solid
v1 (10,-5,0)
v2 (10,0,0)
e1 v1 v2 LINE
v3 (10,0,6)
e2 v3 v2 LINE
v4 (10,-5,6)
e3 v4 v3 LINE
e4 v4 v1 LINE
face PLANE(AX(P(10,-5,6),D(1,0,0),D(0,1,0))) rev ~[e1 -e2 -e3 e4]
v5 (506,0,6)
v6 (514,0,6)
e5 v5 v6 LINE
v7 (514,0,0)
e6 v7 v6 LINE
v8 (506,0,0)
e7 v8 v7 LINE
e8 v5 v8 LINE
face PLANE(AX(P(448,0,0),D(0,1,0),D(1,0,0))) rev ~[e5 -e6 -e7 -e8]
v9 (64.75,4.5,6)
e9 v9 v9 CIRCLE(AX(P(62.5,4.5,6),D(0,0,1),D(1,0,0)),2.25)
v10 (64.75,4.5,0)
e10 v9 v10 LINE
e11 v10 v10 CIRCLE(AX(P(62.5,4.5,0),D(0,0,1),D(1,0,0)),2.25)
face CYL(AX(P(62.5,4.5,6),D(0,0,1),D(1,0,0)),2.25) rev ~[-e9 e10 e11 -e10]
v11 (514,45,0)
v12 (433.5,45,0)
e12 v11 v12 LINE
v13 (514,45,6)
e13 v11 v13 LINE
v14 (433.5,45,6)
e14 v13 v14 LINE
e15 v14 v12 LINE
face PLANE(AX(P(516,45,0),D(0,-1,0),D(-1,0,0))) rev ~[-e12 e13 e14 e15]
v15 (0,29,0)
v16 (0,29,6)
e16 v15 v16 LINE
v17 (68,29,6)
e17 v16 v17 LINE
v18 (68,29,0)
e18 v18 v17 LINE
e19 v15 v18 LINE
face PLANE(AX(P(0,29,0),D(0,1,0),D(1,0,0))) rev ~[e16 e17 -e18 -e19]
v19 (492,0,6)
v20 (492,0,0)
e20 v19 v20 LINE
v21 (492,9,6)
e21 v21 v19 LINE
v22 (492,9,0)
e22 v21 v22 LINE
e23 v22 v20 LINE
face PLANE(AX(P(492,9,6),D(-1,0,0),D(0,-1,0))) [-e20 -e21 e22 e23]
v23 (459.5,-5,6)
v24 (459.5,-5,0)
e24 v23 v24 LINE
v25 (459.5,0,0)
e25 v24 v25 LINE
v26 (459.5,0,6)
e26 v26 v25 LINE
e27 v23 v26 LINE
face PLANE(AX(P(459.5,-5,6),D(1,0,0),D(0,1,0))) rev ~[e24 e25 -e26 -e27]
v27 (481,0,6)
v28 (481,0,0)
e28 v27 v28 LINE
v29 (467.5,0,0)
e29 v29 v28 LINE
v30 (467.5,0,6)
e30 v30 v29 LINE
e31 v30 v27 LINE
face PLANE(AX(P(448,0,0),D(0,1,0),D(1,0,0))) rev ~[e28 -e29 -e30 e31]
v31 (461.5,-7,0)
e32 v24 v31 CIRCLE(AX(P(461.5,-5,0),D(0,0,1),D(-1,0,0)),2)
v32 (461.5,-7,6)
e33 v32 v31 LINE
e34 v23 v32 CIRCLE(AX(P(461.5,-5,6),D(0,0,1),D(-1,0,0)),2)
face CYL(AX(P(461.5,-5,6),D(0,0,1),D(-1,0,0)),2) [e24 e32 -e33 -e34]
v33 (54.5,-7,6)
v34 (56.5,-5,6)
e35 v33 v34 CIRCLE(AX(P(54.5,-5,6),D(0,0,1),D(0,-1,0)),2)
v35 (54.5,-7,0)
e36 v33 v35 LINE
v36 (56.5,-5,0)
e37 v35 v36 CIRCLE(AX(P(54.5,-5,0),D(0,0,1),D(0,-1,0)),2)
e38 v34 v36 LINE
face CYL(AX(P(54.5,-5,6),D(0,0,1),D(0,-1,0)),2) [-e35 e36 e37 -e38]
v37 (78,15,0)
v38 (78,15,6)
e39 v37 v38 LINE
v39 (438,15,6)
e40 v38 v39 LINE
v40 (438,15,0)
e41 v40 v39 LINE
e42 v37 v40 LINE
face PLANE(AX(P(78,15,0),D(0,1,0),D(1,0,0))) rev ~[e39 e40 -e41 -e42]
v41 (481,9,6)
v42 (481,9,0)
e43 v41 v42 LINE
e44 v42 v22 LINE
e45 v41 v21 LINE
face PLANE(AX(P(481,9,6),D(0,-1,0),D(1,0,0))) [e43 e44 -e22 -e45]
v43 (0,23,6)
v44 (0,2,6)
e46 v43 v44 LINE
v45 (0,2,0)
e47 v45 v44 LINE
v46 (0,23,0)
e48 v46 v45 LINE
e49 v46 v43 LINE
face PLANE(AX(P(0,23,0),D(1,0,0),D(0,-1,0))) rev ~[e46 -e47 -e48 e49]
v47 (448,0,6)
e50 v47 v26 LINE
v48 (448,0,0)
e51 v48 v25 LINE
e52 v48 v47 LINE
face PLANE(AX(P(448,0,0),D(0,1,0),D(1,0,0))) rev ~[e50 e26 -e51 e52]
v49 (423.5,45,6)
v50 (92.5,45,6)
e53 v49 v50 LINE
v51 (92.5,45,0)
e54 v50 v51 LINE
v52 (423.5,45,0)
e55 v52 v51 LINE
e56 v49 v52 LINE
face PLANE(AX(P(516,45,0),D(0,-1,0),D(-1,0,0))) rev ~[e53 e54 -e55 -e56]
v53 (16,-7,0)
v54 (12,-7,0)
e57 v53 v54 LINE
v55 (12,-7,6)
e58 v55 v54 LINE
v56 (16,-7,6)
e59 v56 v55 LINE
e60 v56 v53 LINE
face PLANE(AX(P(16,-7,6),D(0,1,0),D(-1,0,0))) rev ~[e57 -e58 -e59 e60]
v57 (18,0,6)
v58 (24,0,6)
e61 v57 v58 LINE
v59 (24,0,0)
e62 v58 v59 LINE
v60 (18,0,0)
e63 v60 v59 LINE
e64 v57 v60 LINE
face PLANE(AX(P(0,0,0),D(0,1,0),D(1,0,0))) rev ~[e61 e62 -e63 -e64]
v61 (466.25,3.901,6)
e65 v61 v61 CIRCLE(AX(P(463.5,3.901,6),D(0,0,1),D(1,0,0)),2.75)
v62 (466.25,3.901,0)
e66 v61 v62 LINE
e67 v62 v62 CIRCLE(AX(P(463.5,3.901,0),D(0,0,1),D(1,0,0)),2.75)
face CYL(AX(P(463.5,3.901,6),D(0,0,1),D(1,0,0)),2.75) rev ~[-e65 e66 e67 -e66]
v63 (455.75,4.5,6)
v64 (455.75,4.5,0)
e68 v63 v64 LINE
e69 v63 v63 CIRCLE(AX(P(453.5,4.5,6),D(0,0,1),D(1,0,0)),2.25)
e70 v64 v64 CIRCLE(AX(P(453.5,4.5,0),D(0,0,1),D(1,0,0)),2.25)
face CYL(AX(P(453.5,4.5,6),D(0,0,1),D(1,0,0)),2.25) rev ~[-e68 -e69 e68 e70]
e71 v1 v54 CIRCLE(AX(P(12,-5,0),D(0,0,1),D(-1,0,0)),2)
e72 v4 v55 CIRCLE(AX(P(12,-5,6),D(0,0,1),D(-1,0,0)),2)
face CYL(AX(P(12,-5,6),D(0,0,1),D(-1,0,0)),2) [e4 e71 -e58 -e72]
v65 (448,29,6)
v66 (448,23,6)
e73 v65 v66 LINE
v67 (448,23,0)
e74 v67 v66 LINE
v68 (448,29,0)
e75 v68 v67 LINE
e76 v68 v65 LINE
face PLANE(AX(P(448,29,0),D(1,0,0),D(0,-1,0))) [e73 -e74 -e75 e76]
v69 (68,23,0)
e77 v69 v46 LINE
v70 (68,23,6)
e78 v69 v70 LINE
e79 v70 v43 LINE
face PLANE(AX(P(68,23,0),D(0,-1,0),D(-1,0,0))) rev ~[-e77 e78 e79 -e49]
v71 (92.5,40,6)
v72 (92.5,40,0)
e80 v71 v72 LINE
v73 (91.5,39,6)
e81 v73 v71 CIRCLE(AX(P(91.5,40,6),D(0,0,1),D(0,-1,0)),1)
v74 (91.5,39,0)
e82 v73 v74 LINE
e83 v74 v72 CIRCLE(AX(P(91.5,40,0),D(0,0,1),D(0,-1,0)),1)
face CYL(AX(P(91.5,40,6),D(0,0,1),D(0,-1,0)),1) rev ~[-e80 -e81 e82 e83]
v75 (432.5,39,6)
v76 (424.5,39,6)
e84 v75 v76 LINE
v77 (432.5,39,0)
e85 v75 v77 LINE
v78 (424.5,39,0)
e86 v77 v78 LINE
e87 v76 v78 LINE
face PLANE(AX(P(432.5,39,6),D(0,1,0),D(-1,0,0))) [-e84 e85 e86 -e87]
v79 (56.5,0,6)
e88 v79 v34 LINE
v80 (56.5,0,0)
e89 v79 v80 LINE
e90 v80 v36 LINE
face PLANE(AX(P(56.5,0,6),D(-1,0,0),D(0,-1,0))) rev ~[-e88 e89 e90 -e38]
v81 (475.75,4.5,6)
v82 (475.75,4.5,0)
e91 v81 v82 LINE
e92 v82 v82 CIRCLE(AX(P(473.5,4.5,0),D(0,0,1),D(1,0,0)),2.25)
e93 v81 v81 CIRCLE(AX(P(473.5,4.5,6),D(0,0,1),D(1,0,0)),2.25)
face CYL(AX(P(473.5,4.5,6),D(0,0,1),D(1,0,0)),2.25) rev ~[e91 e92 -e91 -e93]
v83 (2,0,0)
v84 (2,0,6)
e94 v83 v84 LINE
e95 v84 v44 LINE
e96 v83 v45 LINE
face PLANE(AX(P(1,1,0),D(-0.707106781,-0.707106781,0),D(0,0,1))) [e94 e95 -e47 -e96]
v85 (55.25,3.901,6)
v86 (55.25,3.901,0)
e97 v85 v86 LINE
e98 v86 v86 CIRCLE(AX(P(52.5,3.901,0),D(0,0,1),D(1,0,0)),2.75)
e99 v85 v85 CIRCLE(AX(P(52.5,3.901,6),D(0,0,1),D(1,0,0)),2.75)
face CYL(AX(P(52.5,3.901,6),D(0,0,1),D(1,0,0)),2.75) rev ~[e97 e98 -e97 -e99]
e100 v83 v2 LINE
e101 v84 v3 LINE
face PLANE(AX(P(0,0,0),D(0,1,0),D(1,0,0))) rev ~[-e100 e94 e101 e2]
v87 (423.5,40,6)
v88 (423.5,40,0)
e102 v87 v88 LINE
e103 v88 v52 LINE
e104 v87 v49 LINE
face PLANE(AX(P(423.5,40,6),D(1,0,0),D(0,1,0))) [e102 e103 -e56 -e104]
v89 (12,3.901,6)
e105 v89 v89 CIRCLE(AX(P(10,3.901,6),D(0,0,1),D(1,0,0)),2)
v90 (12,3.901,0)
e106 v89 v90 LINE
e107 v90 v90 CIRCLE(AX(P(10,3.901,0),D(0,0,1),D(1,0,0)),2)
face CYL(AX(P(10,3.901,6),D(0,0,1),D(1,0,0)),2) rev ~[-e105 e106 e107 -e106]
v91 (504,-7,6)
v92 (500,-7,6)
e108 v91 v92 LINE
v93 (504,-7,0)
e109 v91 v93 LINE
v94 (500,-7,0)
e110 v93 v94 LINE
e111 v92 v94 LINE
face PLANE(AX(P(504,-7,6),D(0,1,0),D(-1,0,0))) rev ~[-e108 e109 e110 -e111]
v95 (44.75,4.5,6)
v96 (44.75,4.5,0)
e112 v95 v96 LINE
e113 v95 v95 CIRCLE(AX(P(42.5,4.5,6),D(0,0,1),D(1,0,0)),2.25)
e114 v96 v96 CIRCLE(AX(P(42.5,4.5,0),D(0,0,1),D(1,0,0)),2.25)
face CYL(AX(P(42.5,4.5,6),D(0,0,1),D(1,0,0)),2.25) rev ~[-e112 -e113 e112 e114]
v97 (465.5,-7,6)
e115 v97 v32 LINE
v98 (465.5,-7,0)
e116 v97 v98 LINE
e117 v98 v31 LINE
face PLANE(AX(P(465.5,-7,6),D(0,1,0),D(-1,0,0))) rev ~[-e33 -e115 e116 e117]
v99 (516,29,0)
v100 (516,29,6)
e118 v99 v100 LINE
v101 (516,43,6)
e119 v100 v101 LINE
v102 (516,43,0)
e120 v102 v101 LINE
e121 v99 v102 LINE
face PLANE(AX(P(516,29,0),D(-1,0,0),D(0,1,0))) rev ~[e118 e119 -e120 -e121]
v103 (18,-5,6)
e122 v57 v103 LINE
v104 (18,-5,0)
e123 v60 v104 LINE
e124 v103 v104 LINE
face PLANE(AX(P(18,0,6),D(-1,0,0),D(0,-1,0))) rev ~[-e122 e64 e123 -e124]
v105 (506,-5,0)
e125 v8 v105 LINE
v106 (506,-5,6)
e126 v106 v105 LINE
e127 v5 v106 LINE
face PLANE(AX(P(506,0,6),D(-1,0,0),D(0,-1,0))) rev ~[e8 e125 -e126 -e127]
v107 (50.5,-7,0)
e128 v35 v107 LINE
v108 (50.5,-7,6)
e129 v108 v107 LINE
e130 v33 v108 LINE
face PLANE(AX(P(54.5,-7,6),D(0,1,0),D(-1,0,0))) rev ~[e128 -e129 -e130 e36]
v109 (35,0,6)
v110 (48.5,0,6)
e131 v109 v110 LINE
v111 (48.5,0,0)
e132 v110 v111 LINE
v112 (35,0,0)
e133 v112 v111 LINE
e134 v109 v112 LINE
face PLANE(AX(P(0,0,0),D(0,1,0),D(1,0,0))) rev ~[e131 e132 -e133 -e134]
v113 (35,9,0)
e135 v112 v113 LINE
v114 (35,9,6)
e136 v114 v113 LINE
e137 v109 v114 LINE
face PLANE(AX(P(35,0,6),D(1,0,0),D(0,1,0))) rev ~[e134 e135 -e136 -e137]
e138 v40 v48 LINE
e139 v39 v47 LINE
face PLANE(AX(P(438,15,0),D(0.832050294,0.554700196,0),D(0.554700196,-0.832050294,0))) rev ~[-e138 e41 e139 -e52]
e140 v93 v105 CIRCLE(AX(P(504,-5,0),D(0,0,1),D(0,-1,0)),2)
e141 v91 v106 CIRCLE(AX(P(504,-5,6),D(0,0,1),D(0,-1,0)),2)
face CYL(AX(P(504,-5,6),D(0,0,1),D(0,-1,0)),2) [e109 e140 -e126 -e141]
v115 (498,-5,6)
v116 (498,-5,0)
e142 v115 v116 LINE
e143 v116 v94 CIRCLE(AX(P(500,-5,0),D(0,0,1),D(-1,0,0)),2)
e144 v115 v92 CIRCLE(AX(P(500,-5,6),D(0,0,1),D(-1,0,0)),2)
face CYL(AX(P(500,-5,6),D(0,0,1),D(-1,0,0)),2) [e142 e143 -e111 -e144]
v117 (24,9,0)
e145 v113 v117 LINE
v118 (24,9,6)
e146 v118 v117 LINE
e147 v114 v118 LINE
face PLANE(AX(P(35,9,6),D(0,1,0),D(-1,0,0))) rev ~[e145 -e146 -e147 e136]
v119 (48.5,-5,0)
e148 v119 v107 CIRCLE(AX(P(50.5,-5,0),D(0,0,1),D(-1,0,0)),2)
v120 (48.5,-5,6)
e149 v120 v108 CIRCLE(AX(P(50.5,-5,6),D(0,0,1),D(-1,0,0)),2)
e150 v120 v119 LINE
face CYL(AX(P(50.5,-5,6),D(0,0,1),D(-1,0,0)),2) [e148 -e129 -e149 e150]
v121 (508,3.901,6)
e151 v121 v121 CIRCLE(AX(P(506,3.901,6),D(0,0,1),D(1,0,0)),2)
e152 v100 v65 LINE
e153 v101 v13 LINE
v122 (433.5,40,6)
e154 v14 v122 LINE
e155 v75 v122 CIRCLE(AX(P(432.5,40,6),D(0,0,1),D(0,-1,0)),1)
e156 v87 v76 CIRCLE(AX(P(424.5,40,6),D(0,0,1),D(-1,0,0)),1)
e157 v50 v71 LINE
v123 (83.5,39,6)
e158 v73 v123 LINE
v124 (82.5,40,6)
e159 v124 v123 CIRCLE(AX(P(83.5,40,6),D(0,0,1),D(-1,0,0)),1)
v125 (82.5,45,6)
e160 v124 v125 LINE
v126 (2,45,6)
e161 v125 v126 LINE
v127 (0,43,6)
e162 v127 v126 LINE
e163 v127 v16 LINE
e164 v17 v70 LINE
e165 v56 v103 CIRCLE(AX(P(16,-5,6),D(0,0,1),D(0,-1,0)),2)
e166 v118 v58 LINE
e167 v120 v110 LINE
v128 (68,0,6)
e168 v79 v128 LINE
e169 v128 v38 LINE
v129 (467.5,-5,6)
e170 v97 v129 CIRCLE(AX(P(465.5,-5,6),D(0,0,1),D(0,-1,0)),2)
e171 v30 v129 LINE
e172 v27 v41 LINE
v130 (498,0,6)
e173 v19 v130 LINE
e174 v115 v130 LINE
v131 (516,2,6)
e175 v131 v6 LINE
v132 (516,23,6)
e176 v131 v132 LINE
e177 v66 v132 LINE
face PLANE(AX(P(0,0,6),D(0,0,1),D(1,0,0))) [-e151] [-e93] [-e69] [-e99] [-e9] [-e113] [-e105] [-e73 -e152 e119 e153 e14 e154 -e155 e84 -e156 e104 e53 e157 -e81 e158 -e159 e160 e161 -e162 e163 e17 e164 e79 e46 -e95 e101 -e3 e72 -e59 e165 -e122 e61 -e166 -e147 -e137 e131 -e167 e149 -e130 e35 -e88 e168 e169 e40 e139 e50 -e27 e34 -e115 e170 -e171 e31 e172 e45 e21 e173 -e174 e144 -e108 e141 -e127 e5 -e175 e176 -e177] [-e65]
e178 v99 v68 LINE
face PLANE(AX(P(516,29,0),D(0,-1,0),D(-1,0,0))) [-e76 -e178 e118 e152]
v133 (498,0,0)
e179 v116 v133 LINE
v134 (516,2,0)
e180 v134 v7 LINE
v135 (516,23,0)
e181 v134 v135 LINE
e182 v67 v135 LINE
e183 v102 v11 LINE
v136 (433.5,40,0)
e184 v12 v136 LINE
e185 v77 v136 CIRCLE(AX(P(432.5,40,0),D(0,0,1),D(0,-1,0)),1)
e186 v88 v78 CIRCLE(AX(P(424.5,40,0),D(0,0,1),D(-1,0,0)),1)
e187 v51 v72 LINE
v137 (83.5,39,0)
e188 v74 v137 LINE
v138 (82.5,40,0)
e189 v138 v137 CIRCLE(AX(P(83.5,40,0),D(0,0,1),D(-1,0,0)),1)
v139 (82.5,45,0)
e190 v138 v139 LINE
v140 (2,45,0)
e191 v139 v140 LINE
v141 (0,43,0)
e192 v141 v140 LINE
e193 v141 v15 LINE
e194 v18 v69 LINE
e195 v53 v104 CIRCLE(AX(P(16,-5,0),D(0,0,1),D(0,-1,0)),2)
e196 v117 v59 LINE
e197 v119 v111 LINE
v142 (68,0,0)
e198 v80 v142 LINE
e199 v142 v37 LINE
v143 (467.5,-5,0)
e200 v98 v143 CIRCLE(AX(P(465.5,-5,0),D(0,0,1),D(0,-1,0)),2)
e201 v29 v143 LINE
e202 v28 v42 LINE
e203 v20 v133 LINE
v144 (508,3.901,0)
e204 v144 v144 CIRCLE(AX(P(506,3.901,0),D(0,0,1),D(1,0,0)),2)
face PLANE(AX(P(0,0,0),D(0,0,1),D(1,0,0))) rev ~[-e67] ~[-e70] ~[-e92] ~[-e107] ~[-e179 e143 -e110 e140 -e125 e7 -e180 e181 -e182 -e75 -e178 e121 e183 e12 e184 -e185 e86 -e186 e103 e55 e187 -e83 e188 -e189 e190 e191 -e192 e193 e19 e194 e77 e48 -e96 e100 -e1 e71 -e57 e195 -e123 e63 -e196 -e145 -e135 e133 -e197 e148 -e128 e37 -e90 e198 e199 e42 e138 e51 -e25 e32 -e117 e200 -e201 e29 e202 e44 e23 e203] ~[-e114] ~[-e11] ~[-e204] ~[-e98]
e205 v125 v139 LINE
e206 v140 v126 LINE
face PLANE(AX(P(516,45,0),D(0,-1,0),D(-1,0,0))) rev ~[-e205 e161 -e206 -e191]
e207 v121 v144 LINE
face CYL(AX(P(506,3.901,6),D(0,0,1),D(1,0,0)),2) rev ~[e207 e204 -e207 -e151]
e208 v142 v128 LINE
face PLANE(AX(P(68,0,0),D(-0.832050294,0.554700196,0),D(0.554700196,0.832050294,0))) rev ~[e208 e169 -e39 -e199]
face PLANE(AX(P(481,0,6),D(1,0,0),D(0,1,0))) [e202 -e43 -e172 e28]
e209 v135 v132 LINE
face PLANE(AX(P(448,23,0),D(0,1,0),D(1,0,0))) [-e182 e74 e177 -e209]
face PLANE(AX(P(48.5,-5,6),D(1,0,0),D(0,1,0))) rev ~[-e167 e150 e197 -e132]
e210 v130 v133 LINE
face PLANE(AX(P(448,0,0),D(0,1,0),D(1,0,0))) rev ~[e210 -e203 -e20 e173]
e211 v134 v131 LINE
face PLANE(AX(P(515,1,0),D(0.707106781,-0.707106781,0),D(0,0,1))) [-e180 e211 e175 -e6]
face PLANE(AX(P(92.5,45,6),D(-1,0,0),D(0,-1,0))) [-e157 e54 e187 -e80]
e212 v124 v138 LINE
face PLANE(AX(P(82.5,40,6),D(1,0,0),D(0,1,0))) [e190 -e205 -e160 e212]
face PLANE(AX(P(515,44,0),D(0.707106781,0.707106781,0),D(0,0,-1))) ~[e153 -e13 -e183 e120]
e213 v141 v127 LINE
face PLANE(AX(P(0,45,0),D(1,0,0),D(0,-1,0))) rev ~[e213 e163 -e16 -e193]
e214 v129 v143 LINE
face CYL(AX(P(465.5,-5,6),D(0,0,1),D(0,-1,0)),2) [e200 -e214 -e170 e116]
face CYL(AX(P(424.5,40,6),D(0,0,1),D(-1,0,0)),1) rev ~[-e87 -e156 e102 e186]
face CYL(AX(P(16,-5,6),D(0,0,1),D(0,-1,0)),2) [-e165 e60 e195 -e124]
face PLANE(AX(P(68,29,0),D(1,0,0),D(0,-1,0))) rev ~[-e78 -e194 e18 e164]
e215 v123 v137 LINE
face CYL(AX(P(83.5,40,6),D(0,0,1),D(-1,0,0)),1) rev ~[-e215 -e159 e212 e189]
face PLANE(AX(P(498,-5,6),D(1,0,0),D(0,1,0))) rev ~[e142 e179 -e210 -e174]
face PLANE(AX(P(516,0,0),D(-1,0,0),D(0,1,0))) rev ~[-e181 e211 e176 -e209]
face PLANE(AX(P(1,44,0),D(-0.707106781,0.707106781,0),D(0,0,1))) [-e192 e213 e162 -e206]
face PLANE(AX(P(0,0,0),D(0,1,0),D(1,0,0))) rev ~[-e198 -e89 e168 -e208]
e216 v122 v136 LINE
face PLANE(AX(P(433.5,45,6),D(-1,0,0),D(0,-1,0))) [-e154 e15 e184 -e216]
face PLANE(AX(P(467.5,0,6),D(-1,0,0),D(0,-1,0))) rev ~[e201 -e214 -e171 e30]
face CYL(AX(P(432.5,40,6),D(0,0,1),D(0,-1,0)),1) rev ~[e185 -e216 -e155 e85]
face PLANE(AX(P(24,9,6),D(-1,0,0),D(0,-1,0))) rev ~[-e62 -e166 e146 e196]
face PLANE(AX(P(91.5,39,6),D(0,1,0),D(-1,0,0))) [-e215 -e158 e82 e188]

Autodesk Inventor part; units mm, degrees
ref_plane "YZ Plane" through (0, 0, 0) normal (1, 0, 0) x (0, 1, 0)
ref_plane "XZ Plane" through (0, 0, 0) normal (0, 1, 0) x (-1, 0, 0)
ref_plane "XY Plane" through (0, 0, 0) normal (0, 0, 1) x (1, 0, 0)
sketch "Sketch1" plane through (0, 0, 0) normal (0, 0, 1) x (1, 0, 0)
  line L0 (516, 45) -> (0, 45)
  line L1 (68, 0) -> (78, 15)
  line L2 (78, 15) -> (438, 15)
  line L3 (438, 15) -> (448, 0)
  line L4 (0, 0) -> (68, 0)
  line L5 (448, 0) -> (516, 0)
  line L6 (0, 29) -> (68, 29)
  line L7 (68, 29) -> (68, 23)
  line L8 (68, 23) -> (0, 23)
  line L9 (0, 45) -> (0, 29)
  line L10 (0, 23) -> (0, 0)
  line L11 (516, 29) -> (448, 29)
  line L12 (448, 29) -> (448, 23)
  line L13 (448, 23) -> (516, 23)
  line L14 (516, 0) -> (516, 23)
  line L15 (516, 29) -> (516, 45)
  dimension "d3" = 6
  dimension "d4" = 68
  dimension "d5" = 68
  dimension "d6" = 516
  dimension "d7" = 15
  dimension "d8" = 23
  dimension "d9" = 16
  dimension "d12" = 10
  dimension "d13" = 10
  dimension "d14" = 10
  dimension "d15" = 10
extrude "Extrusion1" add sketch "Sketch1" along normal blind 6
sketch "Sketch2" plane through (0, 0, 6) normal (0, 0, 1) x (1, 0, 0)
  line L0 (0, 0) -> (68, 0) projected
  line L1 (448, 0) -> (516, 0) projected
  line L2 (516, 0) -> (516, 23) projected
  line L3 (516, 29) -> (516, 45) projected
  line L4 (516, 45) -> (0, 45) projected
  line L5 (0, 45) -> (0, 29) projected
  line L6 (0, 23) -> (0, 0) projected
  line L7 (24, 0) -> (35, 0)
  line L8 (35, 0) -> (35, 9)
  line L9 (35, 9) -> (24, 9)
  line L10 (24, 9) -> (24, 0)
  circle A0 centre (42.5, 4.5) radius 2.25
  circle A1 centre (52.5, 3.901) radius 2.75
  circle A2 centre (62.5, 4.5) radius 2.25
  line L11 (492, 0) -> (481, 0)
  line L12 (481, 0) -> (481, 9)
  line L13 (481, 9) -> (492, 9)
  line L14 (492, 9) -> (492, 0)
  circle A3 centre (453.5, 4.5) radius 2.25
  circle A4 centre (463.5, 3.901) radius 2.75
  circle A5 centre (473.5, 4.5) radius 2.25
  line L15 (82.5, 45) -> (92.5, 45)
  line L16 (92.5, 45) -> (92.5, 40)
  line L17 (91.5, 39) -> (83.5, 39)
  line L18 (82.5, 40) -> (82.5, 45)
  line L19 (423.5, 45) -> (433.5, 45)
  line L20 (433.5, 45) -> (433.5, 40)
  line L21 (432.5, 39) -> (424.5, 39)
  line L22 (423.5, 40) -> (423.5, 45)
  arc A6 (82.5, 40) -> (83.5, 39) centre (83.5, 40) ccw
  arc A7 (91.5, 39) -> (92.5, 40) centre (91.5, 40) ccw
  arc A8 (423.5, 40) -> (424.5, 39) centre (424.5, 40) ccw
  arc A9 (432.5, 39) -> (433.5, 40) centre (432.5, 40) ccw
  circle A10 centre (29.5, 3.901) radius 7.5 construction
  point P0 (486.5, 9)
  point P1 (35, 4.5)
  point P2 (87.5, 39)
  point P3 (428.5, 39)
  dimension "d16" = 11
  dimension "d18" = 4.5
  dimension "d19" = 5.5
  dimension "d20" = 11
  dimension "d21" = 1
  dimension "d22" = 10
  dimension "d23" = 10
  dimension "d24" = 6
  dimension "d27" = 24
  dimension "d29" = 23
  dimension "d30" = 24
  dimension "d31" = 10
  dimension "d32" = 10
  dimension "d33" = 10
  dimension "d34" = 10
  dimension "d35" = 9
  dimension "d38" = 15
  dimension "d39" = 23
  dimension "d49" = 87.5
  dimension "d50" = 87.5
extrude "Extrusion2" cut sketch "Sketch2" against normal blind 6
chamfer "Chamfer1" distance 2 angle 45 4 edges at (0, 45, 3) (0, 0, 3) (516, 45, 3) (516, 0, 3)
sketch "Sketch3" plane through (0, 0, 6) normal (0, 0, 1) x (1, 0, 0)
  line L0 (516, 2) -> (516, 23) projected
  line L1 (0, 23) -> (0, 2) projected
  circle A0 centre (52.5, 3.901) radius 2.75 projected
  circle A1 centre (10, 3.901) radius 2
  circle A2 centre (506, 3.901) radius 2
  point P0 (0, 0)
  dimension "d43" = 4
  dimension "d44" = 10
  dimension "d45" = 4
  dimension "d46" = 10
extrude "Extrusion3" cut sketch "Sketch3" against normal through all contours A1 | A2
sketch "Sketch4" plane through (0, 0, 6) normal (0, 0, 1) x (1, 0, 0)
  line L0 (516, 2) -> (516, 23) projected
  line L1 (0, 23) -> (0, 2) projected
  line L2 (2, 0) -> (24, 0) projected
  line L3 (35, 0) -> (68, 0) projected
  line L4 (448, 0) -> (481, 0) projected
  line L5 (492, 0) -> (514, 0) projected
  line L6 (10, 0) -> (18, 0)
  line L7 (18, 0) -> (18, -5)
  line L8 (16, -7) -> (12, -7)
  line L9 (10, -5) -> (10, 0)
  line L10 (48.5, 0) -> (56.5, 0)
  line L11 (56.5, 0) -> (56.5, -5)
  line L12 (54.5, -7) -> (50.5, -7)
  line L13 (48.5, -5) -> (48.5, 0)
  line L14 (459.5, 0) -> (467.5, 0)
  line L15 (467.5, 0) -> (467.5, -5)
  line L16 (465.5, -7) -> (461.5, -7)
  line L17 (459.5, -5) -> (459.5, 0)
  line L18 (498, 0) -> (506, 0)
  line L19 (506, 0) -> (506, -5)
  line L20 (504, -7) -> (500, -7)
  line L21 (498, -5) -> (498, 0)
  arc A0 (10, -5) -> (12, -7) centre (12, -5) ccw
  arc A1 (16, -7) -> (18, -5) centre (16, -5) ccw
  arc A2 (48.5, -5) -> (50.5, -7) centre (50.5, -5) ccw
  arc A3 (54.5, -7) -> (56.5, -5) centre (54.5, -5) ccw
  arc A4 (459.5, -5) -> (461.5, -7) centre (461.5, -5) ccw
  arc A5 (465.5, -7) -> (467.5, -5) centre (465.5, -5) ccw
  arc A6 (498, -5) -> (500, -7) centre (500, -5) ccw
  arc A7 (504, -7) -> (506, -5) centre (504, -5) ccw
  point P0 (0, 0)
  dimension "d51" = 2
  dimension "d52" = 8
  dimension "d53" = 8
  dimension "d54" = 8
  dimension "d55" = 8
  dimension "d56" = 7
  dimension "d57" = 10
  dimension "d58" = 30.5
  dimension "d59" = 10
  dimension "d60" = 30.5
extrude "Extrusion4" add sketch "Sketch4" against normal blind 6
equation "\"d5\" = d4"
equation "\"d20\" = d16"
equation "\"d23\" = d22"
equation "\"d30\" = d27"
equation "\"d50\" = d49"
equation "\"d45\" = d43"
equation "\"d46\" = d44"
equation "\"d59\" = d57"
equation "\"d60\" = d58"
properties part number "x_axis_chain_holder"
